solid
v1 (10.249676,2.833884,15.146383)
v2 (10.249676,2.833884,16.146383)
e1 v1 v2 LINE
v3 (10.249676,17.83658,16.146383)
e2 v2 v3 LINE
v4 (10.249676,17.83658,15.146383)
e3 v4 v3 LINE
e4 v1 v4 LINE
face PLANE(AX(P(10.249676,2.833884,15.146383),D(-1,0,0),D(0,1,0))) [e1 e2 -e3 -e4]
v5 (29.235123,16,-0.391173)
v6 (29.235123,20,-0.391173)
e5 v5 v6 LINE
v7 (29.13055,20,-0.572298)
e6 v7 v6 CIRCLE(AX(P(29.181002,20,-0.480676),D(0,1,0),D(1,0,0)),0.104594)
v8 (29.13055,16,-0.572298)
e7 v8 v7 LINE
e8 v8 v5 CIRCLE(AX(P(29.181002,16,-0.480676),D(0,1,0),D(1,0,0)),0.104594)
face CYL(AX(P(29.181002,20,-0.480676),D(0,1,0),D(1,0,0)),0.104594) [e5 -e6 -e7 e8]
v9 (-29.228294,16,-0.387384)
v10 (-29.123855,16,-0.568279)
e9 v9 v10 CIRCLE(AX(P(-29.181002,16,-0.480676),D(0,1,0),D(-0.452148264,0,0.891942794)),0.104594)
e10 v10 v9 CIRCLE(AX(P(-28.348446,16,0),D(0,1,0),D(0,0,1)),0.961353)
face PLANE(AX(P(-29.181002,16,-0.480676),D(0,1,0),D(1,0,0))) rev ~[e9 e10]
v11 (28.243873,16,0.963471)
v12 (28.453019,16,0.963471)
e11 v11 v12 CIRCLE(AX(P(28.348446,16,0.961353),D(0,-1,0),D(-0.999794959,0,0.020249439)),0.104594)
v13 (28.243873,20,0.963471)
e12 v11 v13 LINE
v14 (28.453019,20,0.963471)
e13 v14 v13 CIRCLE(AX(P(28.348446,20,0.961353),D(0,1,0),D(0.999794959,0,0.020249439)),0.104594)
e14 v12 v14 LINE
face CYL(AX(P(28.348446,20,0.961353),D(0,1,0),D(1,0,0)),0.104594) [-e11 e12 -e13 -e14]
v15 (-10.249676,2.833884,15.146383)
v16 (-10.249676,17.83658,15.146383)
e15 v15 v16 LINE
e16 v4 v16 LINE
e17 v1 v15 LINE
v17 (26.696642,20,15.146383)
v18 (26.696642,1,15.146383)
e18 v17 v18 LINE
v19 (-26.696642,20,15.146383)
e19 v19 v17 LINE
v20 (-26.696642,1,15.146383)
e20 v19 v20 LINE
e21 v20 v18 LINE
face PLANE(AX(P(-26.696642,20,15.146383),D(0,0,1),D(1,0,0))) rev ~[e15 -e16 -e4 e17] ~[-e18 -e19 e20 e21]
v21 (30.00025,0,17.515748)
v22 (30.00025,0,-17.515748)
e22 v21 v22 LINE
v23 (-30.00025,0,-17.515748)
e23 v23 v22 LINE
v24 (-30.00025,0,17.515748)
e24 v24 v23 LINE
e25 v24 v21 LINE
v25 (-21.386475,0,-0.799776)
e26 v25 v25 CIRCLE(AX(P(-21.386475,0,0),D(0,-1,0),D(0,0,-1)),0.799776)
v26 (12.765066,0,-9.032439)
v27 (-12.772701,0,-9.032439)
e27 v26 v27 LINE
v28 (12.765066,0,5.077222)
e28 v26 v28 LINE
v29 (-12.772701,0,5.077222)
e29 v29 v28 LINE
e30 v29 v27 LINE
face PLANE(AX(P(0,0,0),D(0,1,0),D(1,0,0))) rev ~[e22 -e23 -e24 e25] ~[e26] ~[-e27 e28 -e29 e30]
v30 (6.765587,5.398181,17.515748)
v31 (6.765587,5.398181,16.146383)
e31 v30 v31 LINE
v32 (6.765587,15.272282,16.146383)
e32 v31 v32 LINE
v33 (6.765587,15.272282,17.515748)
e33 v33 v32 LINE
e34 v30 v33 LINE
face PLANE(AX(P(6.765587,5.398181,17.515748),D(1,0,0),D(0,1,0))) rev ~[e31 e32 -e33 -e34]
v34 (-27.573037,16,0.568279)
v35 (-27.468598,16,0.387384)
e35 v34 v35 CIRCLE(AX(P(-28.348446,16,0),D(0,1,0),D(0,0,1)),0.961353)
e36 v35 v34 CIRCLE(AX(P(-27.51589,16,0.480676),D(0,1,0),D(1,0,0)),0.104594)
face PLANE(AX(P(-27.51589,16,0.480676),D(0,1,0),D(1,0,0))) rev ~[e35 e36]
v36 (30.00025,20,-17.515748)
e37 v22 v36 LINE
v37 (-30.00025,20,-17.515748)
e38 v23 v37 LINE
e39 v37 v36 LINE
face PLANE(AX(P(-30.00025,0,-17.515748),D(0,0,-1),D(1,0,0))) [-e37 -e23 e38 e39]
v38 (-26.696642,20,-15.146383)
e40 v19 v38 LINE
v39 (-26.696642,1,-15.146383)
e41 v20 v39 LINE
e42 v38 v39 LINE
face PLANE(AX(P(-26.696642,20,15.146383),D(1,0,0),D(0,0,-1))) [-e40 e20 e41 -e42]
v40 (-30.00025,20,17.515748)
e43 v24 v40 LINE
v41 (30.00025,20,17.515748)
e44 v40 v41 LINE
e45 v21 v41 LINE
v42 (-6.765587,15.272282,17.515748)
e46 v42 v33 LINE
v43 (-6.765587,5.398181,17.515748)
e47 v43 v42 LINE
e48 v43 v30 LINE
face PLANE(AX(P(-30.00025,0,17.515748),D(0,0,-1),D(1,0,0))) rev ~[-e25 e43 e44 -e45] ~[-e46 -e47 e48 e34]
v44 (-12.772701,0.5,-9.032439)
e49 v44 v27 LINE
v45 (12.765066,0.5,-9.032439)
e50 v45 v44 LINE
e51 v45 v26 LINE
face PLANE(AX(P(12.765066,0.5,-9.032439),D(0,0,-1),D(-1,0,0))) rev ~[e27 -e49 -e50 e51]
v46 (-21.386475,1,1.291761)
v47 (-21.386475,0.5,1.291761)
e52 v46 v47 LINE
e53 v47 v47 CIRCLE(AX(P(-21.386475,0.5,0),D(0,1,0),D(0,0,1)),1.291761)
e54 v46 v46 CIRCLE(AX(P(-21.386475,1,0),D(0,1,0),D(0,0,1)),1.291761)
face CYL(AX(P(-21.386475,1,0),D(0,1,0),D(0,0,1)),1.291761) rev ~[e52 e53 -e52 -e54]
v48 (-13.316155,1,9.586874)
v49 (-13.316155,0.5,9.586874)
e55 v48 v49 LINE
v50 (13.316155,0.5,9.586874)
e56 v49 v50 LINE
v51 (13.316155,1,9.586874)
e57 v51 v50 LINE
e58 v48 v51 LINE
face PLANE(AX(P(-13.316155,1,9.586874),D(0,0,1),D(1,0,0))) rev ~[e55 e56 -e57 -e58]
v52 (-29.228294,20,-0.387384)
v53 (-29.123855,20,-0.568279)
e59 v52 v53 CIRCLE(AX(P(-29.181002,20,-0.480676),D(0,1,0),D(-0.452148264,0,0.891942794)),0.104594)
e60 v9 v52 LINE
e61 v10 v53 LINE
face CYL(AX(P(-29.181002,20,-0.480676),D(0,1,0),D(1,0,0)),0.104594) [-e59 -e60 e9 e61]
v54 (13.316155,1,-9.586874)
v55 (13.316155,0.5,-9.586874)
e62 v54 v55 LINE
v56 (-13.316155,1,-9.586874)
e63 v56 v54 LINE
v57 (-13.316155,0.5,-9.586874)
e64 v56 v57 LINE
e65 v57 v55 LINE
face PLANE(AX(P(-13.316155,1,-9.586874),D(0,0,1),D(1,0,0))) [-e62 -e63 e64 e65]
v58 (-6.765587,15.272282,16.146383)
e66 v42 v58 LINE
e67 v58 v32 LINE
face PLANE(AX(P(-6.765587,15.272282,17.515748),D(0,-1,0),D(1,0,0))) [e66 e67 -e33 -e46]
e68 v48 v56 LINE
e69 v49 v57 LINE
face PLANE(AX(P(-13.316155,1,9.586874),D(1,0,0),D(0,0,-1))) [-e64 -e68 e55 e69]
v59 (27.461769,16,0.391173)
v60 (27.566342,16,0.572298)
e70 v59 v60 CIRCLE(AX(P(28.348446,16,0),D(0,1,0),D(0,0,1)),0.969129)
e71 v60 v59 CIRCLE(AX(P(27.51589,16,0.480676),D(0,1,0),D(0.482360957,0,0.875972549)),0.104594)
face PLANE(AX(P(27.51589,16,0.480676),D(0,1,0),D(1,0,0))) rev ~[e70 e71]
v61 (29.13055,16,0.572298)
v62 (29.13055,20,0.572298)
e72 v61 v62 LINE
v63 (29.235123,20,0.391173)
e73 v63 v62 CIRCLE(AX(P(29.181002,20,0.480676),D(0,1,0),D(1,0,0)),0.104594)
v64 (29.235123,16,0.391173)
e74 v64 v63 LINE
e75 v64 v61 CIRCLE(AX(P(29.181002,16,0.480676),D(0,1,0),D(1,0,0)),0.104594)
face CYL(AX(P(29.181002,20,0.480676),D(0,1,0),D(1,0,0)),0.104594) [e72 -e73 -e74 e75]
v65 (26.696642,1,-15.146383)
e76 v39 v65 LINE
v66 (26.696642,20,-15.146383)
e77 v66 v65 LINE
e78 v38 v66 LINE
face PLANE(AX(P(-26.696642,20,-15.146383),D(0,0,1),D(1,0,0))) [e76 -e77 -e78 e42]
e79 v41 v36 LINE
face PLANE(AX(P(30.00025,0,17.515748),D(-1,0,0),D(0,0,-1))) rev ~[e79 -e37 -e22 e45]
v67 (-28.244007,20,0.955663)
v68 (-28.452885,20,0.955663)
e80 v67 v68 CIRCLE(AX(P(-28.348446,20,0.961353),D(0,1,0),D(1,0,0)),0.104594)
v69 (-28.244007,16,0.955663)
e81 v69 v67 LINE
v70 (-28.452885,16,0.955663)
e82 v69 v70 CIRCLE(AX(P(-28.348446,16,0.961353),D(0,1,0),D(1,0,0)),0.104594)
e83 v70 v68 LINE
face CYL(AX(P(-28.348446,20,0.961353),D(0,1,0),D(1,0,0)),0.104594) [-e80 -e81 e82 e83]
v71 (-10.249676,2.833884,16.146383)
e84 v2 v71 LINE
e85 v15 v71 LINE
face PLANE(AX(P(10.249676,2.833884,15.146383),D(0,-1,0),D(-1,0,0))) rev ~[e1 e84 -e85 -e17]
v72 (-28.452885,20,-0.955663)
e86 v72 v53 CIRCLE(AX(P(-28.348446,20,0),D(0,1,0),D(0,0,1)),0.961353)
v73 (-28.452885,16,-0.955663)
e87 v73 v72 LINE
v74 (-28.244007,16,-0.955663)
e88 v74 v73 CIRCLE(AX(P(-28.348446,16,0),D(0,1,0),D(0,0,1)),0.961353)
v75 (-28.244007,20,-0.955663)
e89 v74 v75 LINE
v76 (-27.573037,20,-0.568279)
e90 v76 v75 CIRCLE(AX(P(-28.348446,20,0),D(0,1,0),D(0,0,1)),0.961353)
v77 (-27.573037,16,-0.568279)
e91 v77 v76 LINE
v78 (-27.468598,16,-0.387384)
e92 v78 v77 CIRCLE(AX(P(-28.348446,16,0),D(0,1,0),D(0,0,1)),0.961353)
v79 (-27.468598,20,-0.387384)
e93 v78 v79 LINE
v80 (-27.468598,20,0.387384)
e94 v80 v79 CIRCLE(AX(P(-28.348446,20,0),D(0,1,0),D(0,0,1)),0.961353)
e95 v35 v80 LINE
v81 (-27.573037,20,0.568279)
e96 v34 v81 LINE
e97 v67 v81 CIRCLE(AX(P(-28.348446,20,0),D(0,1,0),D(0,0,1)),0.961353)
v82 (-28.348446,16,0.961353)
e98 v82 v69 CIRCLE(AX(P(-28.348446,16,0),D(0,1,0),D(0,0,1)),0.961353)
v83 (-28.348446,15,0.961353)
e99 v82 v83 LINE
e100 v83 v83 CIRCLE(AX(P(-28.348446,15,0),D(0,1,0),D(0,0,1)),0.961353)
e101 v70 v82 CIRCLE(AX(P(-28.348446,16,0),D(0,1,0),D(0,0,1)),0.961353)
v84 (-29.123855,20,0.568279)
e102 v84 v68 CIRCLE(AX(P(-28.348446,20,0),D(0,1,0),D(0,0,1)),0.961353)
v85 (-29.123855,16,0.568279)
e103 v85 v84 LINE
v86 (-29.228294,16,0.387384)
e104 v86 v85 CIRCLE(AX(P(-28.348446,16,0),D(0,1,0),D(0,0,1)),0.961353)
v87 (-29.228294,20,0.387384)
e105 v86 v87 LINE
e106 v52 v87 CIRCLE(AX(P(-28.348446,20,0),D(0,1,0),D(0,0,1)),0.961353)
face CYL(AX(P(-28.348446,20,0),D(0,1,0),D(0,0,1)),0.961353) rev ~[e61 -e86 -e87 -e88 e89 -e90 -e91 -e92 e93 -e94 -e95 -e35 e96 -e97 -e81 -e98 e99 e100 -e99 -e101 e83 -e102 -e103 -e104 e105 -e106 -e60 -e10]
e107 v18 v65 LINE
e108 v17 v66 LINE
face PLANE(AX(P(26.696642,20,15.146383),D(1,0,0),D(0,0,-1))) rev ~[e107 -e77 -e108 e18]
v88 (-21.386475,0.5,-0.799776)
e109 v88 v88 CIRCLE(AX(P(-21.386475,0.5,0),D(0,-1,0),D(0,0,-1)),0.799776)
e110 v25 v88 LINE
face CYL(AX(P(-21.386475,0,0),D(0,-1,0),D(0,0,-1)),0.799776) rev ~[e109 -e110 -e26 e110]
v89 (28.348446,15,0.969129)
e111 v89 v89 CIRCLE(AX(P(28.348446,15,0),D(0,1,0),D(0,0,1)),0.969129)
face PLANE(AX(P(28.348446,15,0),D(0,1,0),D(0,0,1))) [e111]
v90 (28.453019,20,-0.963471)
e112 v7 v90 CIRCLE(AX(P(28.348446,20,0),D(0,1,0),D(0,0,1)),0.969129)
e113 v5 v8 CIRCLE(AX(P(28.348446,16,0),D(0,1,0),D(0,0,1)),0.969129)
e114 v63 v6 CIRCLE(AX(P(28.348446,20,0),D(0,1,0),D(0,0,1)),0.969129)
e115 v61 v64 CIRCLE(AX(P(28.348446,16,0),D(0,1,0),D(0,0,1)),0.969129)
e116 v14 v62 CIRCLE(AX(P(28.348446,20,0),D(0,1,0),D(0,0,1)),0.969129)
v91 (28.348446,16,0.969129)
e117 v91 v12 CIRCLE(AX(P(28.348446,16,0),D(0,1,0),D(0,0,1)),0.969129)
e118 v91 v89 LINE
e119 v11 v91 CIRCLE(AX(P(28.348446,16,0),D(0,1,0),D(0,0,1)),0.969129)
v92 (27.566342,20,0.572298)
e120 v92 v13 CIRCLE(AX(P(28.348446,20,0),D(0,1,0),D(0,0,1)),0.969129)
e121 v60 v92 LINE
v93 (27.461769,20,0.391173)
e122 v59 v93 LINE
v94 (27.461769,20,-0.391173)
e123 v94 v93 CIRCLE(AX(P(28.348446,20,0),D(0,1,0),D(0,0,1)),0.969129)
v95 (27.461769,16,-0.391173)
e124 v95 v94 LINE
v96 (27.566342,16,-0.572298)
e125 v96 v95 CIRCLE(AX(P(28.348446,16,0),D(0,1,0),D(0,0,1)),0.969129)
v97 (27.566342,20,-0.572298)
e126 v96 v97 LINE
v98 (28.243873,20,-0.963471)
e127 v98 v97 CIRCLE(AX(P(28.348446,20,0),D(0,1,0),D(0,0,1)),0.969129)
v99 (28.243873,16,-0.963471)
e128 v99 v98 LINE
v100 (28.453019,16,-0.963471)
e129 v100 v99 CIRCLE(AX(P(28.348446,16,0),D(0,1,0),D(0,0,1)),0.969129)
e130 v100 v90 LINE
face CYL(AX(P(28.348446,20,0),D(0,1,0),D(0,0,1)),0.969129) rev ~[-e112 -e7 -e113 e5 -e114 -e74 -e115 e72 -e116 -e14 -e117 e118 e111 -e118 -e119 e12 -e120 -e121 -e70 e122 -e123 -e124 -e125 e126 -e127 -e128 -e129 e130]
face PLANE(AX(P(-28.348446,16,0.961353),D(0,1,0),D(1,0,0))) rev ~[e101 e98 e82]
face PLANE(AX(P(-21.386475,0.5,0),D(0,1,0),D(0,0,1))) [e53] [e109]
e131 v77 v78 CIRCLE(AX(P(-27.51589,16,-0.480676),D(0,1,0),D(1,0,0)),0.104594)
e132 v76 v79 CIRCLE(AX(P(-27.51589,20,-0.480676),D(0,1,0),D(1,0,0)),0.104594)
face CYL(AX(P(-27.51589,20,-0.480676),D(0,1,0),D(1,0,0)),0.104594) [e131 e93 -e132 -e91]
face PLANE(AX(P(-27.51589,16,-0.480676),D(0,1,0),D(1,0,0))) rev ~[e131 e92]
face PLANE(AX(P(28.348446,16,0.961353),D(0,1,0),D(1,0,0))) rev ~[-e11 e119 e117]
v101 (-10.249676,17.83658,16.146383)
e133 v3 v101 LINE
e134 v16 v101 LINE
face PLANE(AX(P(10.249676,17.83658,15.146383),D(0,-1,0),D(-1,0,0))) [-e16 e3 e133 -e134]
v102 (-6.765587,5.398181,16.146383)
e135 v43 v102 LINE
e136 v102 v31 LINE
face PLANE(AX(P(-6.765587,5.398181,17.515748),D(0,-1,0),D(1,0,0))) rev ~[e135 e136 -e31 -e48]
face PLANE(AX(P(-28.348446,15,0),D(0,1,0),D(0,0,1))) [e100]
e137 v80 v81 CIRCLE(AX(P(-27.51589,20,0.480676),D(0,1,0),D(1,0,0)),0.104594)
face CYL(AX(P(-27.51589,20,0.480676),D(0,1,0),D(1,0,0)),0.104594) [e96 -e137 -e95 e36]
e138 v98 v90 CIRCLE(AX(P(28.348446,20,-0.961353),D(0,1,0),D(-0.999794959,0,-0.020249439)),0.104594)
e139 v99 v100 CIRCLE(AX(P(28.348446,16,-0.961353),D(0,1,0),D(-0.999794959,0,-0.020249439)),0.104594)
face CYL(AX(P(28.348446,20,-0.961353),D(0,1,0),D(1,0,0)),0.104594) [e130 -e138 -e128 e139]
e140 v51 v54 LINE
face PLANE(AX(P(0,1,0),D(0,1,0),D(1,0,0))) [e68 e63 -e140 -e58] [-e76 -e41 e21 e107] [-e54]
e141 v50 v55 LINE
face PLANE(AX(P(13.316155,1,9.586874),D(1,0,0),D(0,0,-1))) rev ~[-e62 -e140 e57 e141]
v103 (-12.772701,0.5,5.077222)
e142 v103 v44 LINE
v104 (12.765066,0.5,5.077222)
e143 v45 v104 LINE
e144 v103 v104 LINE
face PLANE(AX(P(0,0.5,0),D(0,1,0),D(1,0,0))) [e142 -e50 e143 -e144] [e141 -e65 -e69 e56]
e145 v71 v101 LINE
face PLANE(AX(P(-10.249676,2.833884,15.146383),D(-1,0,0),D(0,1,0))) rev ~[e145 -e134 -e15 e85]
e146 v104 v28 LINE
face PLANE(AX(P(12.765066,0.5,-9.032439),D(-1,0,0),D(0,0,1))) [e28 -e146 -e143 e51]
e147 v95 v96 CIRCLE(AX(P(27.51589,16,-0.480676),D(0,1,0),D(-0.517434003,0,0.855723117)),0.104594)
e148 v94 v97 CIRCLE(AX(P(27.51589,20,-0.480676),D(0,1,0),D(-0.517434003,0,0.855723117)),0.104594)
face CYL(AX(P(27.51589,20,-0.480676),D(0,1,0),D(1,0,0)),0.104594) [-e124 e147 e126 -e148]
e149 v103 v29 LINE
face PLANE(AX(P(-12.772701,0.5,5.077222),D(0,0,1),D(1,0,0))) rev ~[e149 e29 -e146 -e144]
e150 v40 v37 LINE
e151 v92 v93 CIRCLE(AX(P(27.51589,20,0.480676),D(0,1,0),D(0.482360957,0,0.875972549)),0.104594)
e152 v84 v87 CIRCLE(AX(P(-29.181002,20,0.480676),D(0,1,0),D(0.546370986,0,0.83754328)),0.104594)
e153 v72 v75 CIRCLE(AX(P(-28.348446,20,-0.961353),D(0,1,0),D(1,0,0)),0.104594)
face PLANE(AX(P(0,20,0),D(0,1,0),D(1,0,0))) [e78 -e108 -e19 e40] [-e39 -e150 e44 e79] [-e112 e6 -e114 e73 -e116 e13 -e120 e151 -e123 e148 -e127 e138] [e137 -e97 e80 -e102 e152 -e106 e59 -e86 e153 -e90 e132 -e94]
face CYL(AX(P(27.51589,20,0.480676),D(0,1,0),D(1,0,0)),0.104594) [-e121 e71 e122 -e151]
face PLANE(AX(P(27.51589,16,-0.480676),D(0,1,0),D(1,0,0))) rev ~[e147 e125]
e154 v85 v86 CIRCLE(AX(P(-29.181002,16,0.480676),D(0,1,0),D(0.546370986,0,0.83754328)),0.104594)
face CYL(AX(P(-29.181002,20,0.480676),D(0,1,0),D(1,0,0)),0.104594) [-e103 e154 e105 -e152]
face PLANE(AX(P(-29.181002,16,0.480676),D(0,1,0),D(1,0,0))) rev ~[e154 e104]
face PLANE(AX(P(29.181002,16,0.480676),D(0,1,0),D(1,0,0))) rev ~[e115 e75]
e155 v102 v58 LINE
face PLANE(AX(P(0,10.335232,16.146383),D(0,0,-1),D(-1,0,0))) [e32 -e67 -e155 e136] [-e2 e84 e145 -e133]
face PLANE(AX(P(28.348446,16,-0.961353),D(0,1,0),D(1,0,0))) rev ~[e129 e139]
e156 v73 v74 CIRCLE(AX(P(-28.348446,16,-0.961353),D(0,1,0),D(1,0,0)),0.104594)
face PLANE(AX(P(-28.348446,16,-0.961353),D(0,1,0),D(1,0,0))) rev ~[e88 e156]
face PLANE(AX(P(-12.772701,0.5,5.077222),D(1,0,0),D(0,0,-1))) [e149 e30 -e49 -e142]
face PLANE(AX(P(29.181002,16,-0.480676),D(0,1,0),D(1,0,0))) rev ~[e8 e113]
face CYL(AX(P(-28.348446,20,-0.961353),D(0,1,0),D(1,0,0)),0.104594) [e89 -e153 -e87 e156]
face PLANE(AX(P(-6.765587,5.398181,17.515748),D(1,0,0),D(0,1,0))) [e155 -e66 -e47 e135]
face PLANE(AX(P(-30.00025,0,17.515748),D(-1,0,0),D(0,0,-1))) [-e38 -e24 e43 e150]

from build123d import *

# Parameters (mm, degrees)
SKETCH1_W           = 60.000499048
SKETCH1_H           = 35.031496816
BOSS_EXTRUDE1_DEPTH = 20
SKETCH2_W           = 53.393284908
SKETCH2_H           = 30.292765524
CUT_EXTRUDE1_DEPTH  = 19
SKETCH3_W           = 26.632310578
SKETCH3_H           = 19.17374817
CUT_EXTRUDE2_DEPTH  = 0.5
CUT_EXTRUDE3_DEPTH  = 0.5
SKETCH7_R           = 0.969129223
SKETCH7_R_2         = 0.961352825
CUT_EXTRUDE6_DEPTH  = 5
SKETCH8_R           = 0.104594239
BOSS_EXTRUDE2_DEPTH = 4
SKETCH9_R           = 0.799775616
CUT_EXTRUDE7_DEPTH  = 6
SKETCH10_R          = 1.291760959
CUT_EXTRUDE8_DEPTH  = 0.5
SKETCH13_W          = 13.531174942
SKETCH13_H          = 9.874100633
CUT_EXTRUDE11_DEPTH = 10
SKETCH14_W          = 20.49935166
SKETCH14_H          = 15.002696216
CUT_EXTRUDE12_DEPTH = 1


with BuildPart() as part:
    # Sketch1 → Boss-Extrude1 (new body)
    with BuildSketch(Plane(origin=(0, 0, 0), x_dir=(1, 0, 0), z_dir=(0, 1, 0))):
        Rectangle(SKETCH1_W, SKETCH1_H)
    extrude(amount=BOSS_EXTRUDE1_DEPTH)

    # Sketch2 → Cut-Extrude1 (cut)
    with BuildSketch(Plane(origin=(0, 20, 0), x_dir=(1, 0, 0), z_dir=(0, 1, 0))):
        Rectangle(SKETCH2_W, SKETCH2_H)
    extrude(amount=-CUT_EXTRUDE1_DEPTH, mode=Mode.SUBTRACT)

    # Sketch3 → Cut-Extrude2 (cut)
    with BuildSketch(Plane(origin=(0, 1, 0), x_dir=(1, 0, 0), z_dir=(0, 1, 0))):
        Rectangle(SKETCH3_W, SKETCH3_H)
    extrude(amount=-CUT_EXTRUDE2_DEPTH, mode=Mode.SUBTRACT)

    # Sketch4 → Cut-Extrude3 (cut)
    with BuildSketch(Plane(origin=(0, 0.5, 0), x_dir=(1, 0, 0), z_dir=(0, 1, 0))):
        Polygon((0, -5.07722156), (-12.772700857, -5.07722156), (-12.772700857, 9.032439271), (0, 9.032439271), (12.765065903, 9.032439271), (12.765065903, -5.07722156), align=None)
    extrude(amount=-CUT_EXTRUDE3_DEPTH, mode=Mode.SUBTRACT)

    # Sketch7 → Cut-Extrude6 (cut)
    with BuildSketch(Plane(origin=(0, 20, 0), x_dir=(1, 0, 0), z_dir=(0, 1, 0))):
        with Locations(Location((28.348445989, 0, 0), (0, 0, 270))):
            Circle(SKETCH7_R)
        with Locations(Location((-28.348445989, 0, 0), (0, 0, 270))):
            Circle(SKETCH7_R_2)
    extrude(amount=-CUT_EXTRUDE6_DEPTH, mode=Mode.SUBTRACT)

    # Sketch8 → Boss-Extrude2 (add)
    with BuildSketch(Plane(origin=(0, 20, 0), x_dir=(1, 0, 0), z_dir=(0, 1, 0))):
        with Locations((-28.348445989, 0.961352825)):
            Circle(SKETCH8_R)
        with Locations((-27.51589002, 0.480676413)):
            Circle(SKETCH8_R)
        with Locations((-27.51589002, -0.480676413)):
            Circle(SKETCH8_R)
        with Locations((-28.348445989, -0.961352825)):
            Circle(SKETCH8_R)
        with Locations((-29.181001958, -0.480676413)):
            Circle(SKETCH8_R)
        with Locations((-29.181001958, 0.480676413)):
            Circle(SKETCH8_R)
        with Locations((27.51589002, 0.480676413)):
            Circle(SKETCH8_R)
        with Locations((27.51589002, -0.480676413)):
            Circle(SKETCH8_R)
        with Locations((28.348445989, -0.961352825)):
            Circle(SKETCH8_R)
        with Locations((29.181001958, -0.480676413)):
            Circle(SKETCH8_R)
        with Locations((29.181001958, 0.480676413)):
            Circle(SKETCH8_R)
        with Locations((28.348445989, 0.961352825)):
            Circle(SKETCH8_R)
    extrude(amount=-BOSS_EXTRUDE2_DEPTH)

    # Sketch9 → Cut-Extrude7 (cut)
    with BuildSketch(Plane.XZ):
        with Locations(Location((-21.38647519, 0, 0), (0, 0, 270))):
            Circle(SKETCH9_R)
    extrude(amount=-CUT_EXTRUDE7_DEPTH, mode=Mode.SUBTRACT)

    # Sketch10 → Cut-Extrude8 (cut)
    with BuildSketch(Plane(origin=(0, 1, 0), x_dir=(1, 0, 0), z_dir=(0, 1, 0))):
        with Locations(Location((-21.38647519, 0, 0), (0, 0, 270))):
            Circle(SKETCH10_R)
    extrude(amount=-CUT_EXTRUDE8_DEPTH, mode=Mode.SUBTRACT)

    # Sketch13 → Cut-Extrude11 (cut)
    with BuildSketch(Plane.XY.offset(17.515748408)):
        with Locations((0, 10.335231811)):
            Rectangle(SKETCH13_W, SKETCH13_H)
    extrude(amount=-CUT_EXTRUDE11_DEPTH, mode=Mode.SUBTRACT)

    # Sketch14 → Cut-Extrude12 (cut)
    with BuildSketch(Plane(origin=(0, 0, 15.146382762), x_dir=(-1, 0, 0), z_dir=(0, 0, -1))):
        with Locations((0, 10.335231812)):
            Rectangle(SKETCH14_W, SKETCH14_H)
    extrude(amount=-CUT_EXTRUDE12_DEPTH, mode=Mode.SUBTRACT)


solid = part.part
